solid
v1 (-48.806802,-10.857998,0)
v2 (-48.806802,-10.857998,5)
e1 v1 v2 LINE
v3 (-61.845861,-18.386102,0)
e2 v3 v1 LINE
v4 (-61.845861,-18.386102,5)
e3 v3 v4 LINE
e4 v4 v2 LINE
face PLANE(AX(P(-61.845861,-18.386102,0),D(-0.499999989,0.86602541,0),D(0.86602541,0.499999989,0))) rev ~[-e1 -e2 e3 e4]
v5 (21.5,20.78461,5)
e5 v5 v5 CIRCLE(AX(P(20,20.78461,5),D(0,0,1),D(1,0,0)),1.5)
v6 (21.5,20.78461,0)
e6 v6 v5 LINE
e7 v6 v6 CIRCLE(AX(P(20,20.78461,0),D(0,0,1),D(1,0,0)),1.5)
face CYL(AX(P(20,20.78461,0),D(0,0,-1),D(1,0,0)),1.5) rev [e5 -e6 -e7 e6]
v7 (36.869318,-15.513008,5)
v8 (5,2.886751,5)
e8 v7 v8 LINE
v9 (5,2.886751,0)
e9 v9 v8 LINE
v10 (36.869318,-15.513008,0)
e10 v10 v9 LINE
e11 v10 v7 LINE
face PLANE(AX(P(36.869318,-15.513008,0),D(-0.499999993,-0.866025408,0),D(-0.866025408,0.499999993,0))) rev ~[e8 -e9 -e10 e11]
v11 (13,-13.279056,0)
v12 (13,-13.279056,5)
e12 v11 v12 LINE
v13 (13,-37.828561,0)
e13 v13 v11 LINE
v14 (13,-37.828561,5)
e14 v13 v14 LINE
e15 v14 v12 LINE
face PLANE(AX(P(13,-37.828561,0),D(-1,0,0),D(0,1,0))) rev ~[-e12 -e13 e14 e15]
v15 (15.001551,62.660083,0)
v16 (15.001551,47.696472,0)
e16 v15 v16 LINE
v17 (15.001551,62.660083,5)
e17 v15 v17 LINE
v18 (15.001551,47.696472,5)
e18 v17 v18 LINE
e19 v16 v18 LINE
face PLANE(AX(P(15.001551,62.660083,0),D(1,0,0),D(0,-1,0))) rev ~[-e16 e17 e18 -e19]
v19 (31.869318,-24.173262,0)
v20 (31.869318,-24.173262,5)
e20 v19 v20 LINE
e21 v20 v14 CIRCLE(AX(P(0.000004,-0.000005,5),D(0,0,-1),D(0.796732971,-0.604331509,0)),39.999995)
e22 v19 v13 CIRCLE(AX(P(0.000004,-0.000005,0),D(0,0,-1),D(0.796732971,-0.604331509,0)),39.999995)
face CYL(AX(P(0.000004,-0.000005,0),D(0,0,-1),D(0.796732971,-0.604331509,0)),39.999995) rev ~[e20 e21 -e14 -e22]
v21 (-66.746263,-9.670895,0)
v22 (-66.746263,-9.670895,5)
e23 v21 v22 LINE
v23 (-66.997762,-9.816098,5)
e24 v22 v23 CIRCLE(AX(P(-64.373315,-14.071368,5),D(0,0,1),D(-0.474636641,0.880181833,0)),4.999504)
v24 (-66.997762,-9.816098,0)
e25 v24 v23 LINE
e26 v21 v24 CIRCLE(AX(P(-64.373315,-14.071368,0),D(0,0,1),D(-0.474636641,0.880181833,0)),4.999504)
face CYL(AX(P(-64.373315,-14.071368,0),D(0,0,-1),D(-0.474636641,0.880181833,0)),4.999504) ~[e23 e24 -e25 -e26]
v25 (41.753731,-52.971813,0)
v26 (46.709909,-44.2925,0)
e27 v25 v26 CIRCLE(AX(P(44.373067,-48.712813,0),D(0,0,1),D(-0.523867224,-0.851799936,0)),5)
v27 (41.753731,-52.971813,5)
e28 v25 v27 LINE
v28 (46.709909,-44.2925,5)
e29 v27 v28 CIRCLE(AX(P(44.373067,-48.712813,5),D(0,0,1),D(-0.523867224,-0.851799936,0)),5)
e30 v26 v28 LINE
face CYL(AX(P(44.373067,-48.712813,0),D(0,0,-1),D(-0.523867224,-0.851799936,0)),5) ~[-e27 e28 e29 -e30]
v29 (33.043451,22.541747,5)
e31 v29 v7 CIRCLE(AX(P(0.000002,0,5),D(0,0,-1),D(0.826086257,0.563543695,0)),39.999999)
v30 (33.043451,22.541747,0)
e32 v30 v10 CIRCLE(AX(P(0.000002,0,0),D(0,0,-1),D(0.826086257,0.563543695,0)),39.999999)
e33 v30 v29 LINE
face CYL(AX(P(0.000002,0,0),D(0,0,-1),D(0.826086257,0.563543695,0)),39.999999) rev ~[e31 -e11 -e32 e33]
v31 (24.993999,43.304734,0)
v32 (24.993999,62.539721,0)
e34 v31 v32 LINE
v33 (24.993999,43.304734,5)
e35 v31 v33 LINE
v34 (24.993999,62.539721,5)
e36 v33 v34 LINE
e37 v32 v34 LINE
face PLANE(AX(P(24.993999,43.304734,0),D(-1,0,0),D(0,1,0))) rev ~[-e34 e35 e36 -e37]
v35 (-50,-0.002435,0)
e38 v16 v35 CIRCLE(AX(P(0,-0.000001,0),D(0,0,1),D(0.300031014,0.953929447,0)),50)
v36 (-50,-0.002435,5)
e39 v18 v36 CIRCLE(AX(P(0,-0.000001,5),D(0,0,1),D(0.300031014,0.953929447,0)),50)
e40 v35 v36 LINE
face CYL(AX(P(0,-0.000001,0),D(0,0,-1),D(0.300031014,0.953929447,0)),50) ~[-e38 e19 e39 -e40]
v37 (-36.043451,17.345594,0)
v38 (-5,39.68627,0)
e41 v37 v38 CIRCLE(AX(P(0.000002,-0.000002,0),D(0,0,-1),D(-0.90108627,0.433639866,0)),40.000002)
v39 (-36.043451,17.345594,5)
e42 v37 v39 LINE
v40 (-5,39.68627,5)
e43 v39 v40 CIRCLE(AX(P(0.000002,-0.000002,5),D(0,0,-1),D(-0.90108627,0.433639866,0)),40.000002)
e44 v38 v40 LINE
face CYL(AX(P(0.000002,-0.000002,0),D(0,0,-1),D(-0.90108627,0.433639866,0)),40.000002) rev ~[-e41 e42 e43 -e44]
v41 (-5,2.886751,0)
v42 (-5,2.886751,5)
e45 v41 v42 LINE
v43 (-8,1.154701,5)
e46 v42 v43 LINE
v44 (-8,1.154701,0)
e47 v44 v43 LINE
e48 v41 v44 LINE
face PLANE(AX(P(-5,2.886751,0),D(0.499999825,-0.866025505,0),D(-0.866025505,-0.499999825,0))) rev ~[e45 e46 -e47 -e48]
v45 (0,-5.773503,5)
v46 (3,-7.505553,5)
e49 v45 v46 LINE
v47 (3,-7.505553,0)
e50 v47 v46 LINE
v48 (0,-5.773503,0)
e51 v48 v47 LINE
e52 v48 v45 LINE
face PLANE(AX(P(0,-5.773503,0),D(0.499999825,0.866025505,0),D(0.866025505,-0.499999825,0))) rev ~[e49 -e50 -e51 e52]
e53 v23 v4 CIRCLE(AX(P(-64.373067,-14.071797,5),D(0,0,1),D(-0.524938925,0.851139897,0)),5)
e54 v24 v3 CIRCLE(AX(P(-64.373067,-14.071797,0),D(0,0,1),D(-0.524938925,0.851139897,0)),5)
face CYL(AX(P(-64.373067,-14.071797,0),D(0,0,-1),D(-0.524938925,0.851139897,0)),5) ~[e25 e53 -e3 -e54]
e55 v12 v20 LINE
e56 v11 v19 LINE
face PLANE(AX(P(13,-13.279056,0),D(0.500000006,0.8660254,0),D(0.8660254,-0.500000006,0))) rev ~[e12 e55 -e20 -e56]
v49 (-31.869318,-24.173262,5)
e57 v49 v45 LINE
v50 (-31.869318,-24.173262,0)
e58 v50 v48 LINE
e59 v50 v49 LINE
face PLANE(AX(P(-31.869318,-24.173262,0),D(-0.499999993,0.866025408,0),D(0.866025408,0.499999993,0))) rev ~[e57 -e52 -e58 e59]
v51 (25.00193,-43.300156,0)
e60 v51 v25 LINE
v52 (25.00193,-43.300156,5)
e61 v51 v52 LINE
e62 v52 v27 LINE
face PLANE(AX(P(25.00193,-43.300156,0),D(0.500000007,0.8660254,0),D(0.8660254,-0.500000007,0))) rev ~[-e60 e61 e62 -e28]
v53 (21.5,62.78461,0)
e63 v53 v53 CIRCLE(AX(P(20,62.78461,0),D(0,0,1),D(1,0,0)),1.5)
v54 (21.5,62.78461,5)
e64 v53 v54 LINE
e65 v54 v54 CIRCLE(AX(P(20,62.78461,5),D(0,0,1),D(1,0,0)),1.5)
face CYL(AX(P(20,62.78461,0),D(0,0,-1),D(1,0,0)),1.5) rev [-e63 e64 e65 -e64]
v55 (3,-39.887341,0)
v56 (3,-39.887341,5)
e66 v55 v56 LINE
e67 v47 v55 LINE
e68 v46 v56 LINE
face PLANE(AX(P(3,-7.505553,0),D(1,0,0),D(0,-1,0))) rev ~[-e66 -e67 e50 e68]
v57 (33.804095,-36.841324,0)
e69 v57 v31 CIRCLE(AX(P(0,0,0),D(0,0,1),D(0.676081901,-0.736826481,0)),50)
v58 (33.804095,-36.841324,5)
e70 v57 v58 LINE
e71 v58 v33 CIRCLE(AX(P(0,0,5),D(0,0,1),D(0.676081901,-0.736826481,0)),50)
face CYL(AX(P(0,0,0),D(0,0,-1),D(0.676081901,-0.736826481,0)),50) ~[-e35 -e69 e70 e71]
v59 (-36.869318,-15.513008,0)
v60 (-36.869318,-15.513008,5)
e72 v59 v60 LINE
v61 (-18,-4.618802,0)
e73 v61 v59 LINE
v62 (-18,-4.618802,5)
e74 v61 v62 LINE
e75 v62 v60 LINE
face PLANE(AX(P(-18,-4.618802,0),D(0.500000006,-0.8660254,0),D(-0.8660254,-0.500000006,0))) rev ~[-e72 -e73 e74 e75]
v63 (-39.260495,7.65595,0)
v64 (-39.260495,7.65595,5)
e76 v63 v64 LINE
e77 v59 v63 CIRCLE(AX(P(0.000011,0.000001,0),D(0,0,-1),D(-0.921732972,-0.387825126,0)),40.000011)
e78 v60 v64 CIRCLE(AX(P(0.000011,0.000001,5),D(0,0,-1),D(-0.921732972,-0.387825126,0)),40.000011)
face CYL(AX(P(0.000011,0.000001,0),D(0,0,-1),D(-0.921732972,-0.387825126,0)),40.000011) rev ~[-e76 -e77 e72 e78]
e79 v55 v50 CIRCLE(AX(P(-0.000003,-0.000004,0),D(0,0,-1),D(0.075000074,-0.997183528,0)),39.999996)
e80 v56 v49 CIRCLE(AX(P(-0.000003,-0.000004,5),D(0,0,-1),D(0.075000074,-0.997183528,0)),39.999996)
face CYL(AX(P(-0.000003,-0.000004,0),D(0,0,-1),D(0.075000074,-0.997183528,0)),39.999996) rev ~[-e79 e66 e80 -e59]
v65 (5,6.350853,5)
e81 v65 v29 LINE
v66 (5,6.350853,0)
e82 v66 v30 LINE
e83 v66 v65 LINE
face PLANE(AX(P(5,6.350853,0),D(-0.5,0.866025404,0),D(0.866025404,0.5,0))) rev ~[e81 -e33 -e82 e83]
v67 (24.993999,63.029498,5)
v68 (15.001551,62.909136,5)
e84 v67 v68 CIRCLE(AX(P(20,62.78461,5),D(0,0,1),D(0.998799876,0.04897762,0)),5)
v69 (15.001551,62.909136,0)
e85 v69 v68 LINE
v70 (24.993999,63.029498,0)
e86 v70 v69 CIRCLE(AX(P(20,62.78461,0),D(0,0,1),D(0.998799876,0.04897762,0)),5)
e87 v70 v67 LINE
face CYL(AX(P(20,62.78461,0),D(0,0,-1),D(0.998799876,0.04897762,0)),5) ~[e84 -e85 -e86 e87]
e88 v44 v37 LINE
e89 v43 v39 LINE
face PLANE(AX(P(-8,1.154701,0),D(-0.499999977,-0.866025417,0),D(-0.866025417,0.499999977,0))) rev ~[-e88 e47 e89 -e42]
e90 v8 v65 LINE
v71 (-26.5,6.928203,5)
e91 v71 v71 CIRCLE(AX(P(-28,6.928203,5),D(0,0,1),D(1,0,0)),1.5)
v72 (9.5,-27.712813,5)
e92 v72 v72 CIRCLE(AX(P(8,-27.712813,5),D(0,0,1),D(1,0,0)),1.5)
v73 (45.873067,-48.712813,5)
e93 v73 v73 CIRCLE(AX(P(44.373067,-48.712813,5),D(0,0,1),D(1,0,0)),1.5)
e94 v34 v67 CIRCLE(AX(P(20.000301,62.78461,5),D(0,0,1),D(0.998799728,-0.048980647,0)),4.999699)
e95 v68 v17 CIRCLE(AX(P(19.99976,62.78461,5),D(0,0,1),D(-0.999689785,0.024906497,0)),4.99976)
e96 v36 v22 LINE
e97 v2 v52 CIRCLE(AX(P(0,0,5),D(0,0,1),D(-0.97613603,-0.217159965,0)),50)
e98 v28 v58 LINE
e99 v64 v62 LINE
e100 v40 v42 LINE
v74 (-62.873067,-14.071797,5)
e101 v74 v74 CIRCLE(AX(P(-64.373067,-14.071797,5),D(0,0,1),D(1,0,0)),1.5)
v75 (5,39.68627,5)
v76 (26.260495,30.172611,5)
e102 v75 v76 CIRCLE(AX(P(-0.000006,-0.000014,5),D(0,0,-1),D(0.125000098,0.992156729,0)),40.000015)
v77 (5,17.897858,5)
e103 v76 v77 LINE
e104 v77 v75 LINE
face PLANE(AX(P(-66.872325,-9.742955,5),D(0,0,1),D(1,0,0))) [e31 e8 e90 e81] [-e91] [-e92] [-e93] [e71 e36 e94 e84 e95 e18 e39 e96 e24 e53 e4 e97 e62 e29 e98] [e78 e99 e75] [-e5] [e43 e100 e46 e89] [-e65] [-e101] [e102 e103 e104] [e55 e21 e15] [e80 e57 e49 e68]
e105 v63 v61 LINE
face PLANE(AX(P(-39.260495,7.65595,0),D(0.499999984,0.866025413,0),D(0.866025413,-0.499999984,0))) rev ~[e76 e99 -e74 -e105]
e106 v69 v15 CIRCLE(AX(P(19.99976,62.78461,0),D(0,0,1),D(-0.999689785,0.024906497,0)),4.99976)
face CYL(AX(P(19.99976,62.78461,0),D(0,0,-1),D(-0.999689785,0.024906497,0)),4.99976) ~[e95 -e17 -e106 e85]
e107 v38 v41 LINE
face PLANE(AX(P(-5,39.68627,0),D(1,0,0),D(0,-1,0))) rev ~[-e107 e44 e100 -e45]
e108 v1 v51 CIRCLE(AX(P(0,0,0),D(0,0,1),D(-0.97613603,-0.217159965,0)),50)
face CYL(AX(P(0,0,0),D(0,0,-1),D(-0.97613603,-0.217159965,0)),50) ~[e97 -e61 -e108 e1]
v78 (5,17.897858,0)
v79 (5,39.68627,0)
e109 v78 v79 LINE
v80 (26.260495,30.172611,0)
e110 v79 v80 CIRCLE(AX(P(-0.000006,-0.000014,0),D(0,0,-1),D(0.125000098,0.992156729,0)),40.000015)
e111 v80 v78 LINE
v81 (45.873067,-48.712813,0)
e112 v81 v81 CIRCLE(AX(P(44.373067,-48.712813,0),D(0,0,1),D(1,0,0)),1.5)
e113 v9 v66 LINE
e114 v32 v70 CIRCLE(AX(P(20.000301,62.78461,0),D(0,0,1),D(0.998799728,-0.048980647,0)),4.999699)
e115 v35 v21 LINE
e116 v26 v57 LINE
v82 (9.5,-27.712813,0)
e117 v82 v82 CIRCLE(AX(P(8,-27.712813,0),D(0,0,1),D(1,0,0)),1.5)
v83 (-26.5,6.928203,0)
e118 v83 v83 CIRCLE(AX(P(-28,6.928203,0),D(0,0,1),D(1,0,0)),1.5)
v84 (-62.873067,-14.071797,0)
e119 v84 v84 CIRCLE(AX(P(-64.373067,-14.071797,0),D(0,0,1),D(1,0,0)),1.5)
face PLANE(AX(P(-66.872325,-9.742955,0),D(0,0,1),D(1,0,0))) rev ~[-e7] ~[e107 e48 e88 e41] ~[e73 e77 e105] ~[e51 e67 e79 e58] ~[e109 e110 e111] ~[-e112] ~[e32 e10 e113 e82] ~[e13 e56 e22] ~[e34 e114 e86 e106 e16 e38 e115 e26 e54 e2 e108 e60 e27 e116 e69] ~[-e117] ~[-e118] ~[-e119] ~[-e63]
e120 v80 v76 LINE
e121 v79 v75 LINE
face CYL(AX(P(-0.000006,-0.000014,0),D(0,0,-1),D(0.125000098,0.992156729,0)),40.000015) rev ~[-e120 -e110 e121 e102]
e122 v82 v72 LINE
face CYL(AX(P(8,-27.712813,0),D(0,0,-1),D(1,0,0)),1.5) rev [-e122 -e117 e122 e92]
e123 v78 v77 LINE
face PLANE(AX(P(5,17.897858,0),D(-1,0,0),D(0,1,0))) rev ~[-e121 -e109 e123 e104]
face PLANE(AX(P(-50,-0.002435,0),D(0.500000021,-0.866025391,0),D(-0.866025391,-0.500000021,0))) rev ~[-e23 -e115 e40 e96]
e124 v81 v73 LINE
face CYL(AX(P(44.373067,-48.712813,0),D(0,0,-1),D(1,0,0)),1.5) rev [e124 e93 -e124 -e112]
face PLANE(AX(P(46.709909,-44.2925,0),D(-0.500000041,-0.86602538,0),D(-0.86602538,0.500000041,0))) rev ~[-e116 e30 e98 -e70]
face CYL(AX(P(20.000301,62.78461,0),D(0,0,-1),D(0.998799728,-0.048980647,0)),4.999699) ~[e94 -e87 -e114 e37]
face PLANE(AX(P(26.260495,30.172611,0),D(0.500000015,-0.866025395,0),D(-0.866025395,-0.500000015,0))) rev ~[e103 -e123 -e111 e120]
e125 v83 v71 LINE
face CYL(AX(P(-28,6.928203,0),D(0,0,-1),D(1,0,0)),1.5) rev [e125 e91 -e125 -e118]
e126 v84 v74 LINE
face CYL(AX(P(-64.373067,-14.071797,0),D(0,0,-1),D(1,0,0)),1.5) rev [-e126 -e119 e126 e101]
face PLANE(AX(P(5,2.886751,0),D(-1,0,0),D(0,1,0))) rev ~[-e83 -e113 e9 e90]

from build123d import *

# Parameters (mm, degrees)
F0_R     = 1.5
F1_DEPTH = 5


with BuildPart() as f1:
    # F0 (on Top) → F1 (new body)
    with BuildSketch(Plane.XY):
        with BuildLine():
            Line((-66.997762, -9.816098), (-66.746263, -9.670895))
            ThreePointArc((-66.746263, -9.670895), (-66.873067, -9.74167), (-66.997762, -9.816098))
        make_face()
        with BuildLine():
            Line((-50, -0.002435), (-66.746263, -9.670895))
            Line((-66.746263, -9.670895), (-66.997762, -9.816098))
            ThreePointArc((-66.997762, -9.816098), (-68.658347, -16.647914), (-61.845861, -18.386102))
            Line((-61.845861, -18.386102), (-48.806802, -10.857998))
            ThreePointArc((-48.806802, -10.857998), (-20.119428, -45.773449), (25.00193, -43.300156))
            Line((25.00193, -43.300156), (41.753731, -52.971813))
            ThreePointArc((41.753731, -52.971813), (48.715022, -51.192214), (46.709909, -44.2925))
            Line((46.709909, -44.2925), (33.804095, -36.841324))
            ThreePointArc((33.804095, -36.841324), (49.70062, 5.463365), (24.993999, 43.304734))
            Line((24.993999, 43.304734), (24.993999, 62.539721))
            Line((24.993999, 62.539721), (24.993999, 63.029498))
            ThreePointArc((24.993999, 63.029498), (19.939778, 67.784247), (15.001551, 62.909136))
            Line((15.001551, 62.909136), (15.001551, 62.660083))
            Line((15.001551, 62.660083), (15.001551, 47.696472))
            ThreePointArc((15.001551, 47.696472), (-29.580725, 40.311049), (-50, -0.002435))
        make_face()
        with Locations((-64.373067, -14.071797)):
            Circle(F0_R, mode=Mode.SUBTRACT)
        with BuildLine():
            Line((-31.869318, -24.173262), (0, -5.773503))
            Line((0, -5.773503), (3, -7.505553))
            Line((3, -7.505553), (3, -39.887341))
            ThreePointArc((3, -39.887341), (-16.43449, -36.467898), (-31.869318, -24.173262))
        make_face(mode=Mode.SUBTRACT)
        with BuildLine():
            Line((-18, -4.618802), (-36.869318, -15.513008))
            ThreePointArc((-36.869318, -15.513008), (-39.788657, -4.10643), (-39.260495, 7.65595))
            Line((-39.260495, 7.65595), (-18, -4.618802))
        make_face(mode=Mode.SUBTRACT)
        with Locations((-28, 6.928203)):
            Circle(F0_R, mode=Mode.SUBTRACT)
        with Locations((8, -27.712813)):
            Circle(F0_R, mode=Mode.SUBTRACT)
        with Locations((44.373067, -48.712813)):
            Circle(F0_R, mode=Mode.SUBTRACT)
        with BuildLine():
            Line((13, -13.279056), (31.869318, -24.173262))
            ThreePointArc((31.869318, -24.173262), (23.450602, -32.404773), (13, -37.828561))
            Line((13, -37.828561), (13, -13.279056))
        make_face(mode=Mode.SUBTRACT)
        with BuildLine():
            ThreePointArc((33.043451, 22.541747), (39.799371, 4.001263), (36.869318, -15.513008))
            Line((36.869318, -15.513008), (5, 2.886751))
            Line((5, 2.886751), (5, 6.350853))
            Line((5, 6.350853), (33.043451, 22.541747))
        make_face(mode=Mode.SUBTRACT)
        with BuildLine():
            ThreePointArc((-36.043451, 17.345594), (-23.364881, 32.466634), (-5, 39.68627))
            Line((-5, 39.68627), (-5, 2.886751))
            Line((-5, 2.886751), (-8, 1.154701))
            Line((-8, 1.154701), (-36.043451, 17.345594))
        make_face(mode=Mode.SUBTRACT)
        with Locations((20, 20.78461)):
            Circle(F0_R, mode=Mode.SUBTRACT)
        with BuildLine():
            Line((5, 17.897858), (5, 39.68627))
            ThreePointArc((5, 39.68627), (16.338055, 36.511203), (26.260495, 30.172611))
            Line((26.260495, 30.172611), (5, 17.897858))
        make_face(mode=Mode.SUBTRACT)
        with Locations((20, 62.78461)):
            Circle(F0_R, mode=Mode.SUBTRACT)
        with BuildLine():
            ThreePointArc((15.001551, 62.909136), (15, 62.78461), (15.001551, 62.660083))
            Line((15.001551, 62.660083), (15.001551, 62.909136))
        make_face()
        with BuildLine():
            ThreePointArc((24.993999, 62.539721), (25, 62.78461), (24.993999, 63.029498))
            Line((24.993999, 63.029498), (24.993999, 62.539721))
        make_face()
    extrude(amount=F1_DEPTH)


solid = f1.part
